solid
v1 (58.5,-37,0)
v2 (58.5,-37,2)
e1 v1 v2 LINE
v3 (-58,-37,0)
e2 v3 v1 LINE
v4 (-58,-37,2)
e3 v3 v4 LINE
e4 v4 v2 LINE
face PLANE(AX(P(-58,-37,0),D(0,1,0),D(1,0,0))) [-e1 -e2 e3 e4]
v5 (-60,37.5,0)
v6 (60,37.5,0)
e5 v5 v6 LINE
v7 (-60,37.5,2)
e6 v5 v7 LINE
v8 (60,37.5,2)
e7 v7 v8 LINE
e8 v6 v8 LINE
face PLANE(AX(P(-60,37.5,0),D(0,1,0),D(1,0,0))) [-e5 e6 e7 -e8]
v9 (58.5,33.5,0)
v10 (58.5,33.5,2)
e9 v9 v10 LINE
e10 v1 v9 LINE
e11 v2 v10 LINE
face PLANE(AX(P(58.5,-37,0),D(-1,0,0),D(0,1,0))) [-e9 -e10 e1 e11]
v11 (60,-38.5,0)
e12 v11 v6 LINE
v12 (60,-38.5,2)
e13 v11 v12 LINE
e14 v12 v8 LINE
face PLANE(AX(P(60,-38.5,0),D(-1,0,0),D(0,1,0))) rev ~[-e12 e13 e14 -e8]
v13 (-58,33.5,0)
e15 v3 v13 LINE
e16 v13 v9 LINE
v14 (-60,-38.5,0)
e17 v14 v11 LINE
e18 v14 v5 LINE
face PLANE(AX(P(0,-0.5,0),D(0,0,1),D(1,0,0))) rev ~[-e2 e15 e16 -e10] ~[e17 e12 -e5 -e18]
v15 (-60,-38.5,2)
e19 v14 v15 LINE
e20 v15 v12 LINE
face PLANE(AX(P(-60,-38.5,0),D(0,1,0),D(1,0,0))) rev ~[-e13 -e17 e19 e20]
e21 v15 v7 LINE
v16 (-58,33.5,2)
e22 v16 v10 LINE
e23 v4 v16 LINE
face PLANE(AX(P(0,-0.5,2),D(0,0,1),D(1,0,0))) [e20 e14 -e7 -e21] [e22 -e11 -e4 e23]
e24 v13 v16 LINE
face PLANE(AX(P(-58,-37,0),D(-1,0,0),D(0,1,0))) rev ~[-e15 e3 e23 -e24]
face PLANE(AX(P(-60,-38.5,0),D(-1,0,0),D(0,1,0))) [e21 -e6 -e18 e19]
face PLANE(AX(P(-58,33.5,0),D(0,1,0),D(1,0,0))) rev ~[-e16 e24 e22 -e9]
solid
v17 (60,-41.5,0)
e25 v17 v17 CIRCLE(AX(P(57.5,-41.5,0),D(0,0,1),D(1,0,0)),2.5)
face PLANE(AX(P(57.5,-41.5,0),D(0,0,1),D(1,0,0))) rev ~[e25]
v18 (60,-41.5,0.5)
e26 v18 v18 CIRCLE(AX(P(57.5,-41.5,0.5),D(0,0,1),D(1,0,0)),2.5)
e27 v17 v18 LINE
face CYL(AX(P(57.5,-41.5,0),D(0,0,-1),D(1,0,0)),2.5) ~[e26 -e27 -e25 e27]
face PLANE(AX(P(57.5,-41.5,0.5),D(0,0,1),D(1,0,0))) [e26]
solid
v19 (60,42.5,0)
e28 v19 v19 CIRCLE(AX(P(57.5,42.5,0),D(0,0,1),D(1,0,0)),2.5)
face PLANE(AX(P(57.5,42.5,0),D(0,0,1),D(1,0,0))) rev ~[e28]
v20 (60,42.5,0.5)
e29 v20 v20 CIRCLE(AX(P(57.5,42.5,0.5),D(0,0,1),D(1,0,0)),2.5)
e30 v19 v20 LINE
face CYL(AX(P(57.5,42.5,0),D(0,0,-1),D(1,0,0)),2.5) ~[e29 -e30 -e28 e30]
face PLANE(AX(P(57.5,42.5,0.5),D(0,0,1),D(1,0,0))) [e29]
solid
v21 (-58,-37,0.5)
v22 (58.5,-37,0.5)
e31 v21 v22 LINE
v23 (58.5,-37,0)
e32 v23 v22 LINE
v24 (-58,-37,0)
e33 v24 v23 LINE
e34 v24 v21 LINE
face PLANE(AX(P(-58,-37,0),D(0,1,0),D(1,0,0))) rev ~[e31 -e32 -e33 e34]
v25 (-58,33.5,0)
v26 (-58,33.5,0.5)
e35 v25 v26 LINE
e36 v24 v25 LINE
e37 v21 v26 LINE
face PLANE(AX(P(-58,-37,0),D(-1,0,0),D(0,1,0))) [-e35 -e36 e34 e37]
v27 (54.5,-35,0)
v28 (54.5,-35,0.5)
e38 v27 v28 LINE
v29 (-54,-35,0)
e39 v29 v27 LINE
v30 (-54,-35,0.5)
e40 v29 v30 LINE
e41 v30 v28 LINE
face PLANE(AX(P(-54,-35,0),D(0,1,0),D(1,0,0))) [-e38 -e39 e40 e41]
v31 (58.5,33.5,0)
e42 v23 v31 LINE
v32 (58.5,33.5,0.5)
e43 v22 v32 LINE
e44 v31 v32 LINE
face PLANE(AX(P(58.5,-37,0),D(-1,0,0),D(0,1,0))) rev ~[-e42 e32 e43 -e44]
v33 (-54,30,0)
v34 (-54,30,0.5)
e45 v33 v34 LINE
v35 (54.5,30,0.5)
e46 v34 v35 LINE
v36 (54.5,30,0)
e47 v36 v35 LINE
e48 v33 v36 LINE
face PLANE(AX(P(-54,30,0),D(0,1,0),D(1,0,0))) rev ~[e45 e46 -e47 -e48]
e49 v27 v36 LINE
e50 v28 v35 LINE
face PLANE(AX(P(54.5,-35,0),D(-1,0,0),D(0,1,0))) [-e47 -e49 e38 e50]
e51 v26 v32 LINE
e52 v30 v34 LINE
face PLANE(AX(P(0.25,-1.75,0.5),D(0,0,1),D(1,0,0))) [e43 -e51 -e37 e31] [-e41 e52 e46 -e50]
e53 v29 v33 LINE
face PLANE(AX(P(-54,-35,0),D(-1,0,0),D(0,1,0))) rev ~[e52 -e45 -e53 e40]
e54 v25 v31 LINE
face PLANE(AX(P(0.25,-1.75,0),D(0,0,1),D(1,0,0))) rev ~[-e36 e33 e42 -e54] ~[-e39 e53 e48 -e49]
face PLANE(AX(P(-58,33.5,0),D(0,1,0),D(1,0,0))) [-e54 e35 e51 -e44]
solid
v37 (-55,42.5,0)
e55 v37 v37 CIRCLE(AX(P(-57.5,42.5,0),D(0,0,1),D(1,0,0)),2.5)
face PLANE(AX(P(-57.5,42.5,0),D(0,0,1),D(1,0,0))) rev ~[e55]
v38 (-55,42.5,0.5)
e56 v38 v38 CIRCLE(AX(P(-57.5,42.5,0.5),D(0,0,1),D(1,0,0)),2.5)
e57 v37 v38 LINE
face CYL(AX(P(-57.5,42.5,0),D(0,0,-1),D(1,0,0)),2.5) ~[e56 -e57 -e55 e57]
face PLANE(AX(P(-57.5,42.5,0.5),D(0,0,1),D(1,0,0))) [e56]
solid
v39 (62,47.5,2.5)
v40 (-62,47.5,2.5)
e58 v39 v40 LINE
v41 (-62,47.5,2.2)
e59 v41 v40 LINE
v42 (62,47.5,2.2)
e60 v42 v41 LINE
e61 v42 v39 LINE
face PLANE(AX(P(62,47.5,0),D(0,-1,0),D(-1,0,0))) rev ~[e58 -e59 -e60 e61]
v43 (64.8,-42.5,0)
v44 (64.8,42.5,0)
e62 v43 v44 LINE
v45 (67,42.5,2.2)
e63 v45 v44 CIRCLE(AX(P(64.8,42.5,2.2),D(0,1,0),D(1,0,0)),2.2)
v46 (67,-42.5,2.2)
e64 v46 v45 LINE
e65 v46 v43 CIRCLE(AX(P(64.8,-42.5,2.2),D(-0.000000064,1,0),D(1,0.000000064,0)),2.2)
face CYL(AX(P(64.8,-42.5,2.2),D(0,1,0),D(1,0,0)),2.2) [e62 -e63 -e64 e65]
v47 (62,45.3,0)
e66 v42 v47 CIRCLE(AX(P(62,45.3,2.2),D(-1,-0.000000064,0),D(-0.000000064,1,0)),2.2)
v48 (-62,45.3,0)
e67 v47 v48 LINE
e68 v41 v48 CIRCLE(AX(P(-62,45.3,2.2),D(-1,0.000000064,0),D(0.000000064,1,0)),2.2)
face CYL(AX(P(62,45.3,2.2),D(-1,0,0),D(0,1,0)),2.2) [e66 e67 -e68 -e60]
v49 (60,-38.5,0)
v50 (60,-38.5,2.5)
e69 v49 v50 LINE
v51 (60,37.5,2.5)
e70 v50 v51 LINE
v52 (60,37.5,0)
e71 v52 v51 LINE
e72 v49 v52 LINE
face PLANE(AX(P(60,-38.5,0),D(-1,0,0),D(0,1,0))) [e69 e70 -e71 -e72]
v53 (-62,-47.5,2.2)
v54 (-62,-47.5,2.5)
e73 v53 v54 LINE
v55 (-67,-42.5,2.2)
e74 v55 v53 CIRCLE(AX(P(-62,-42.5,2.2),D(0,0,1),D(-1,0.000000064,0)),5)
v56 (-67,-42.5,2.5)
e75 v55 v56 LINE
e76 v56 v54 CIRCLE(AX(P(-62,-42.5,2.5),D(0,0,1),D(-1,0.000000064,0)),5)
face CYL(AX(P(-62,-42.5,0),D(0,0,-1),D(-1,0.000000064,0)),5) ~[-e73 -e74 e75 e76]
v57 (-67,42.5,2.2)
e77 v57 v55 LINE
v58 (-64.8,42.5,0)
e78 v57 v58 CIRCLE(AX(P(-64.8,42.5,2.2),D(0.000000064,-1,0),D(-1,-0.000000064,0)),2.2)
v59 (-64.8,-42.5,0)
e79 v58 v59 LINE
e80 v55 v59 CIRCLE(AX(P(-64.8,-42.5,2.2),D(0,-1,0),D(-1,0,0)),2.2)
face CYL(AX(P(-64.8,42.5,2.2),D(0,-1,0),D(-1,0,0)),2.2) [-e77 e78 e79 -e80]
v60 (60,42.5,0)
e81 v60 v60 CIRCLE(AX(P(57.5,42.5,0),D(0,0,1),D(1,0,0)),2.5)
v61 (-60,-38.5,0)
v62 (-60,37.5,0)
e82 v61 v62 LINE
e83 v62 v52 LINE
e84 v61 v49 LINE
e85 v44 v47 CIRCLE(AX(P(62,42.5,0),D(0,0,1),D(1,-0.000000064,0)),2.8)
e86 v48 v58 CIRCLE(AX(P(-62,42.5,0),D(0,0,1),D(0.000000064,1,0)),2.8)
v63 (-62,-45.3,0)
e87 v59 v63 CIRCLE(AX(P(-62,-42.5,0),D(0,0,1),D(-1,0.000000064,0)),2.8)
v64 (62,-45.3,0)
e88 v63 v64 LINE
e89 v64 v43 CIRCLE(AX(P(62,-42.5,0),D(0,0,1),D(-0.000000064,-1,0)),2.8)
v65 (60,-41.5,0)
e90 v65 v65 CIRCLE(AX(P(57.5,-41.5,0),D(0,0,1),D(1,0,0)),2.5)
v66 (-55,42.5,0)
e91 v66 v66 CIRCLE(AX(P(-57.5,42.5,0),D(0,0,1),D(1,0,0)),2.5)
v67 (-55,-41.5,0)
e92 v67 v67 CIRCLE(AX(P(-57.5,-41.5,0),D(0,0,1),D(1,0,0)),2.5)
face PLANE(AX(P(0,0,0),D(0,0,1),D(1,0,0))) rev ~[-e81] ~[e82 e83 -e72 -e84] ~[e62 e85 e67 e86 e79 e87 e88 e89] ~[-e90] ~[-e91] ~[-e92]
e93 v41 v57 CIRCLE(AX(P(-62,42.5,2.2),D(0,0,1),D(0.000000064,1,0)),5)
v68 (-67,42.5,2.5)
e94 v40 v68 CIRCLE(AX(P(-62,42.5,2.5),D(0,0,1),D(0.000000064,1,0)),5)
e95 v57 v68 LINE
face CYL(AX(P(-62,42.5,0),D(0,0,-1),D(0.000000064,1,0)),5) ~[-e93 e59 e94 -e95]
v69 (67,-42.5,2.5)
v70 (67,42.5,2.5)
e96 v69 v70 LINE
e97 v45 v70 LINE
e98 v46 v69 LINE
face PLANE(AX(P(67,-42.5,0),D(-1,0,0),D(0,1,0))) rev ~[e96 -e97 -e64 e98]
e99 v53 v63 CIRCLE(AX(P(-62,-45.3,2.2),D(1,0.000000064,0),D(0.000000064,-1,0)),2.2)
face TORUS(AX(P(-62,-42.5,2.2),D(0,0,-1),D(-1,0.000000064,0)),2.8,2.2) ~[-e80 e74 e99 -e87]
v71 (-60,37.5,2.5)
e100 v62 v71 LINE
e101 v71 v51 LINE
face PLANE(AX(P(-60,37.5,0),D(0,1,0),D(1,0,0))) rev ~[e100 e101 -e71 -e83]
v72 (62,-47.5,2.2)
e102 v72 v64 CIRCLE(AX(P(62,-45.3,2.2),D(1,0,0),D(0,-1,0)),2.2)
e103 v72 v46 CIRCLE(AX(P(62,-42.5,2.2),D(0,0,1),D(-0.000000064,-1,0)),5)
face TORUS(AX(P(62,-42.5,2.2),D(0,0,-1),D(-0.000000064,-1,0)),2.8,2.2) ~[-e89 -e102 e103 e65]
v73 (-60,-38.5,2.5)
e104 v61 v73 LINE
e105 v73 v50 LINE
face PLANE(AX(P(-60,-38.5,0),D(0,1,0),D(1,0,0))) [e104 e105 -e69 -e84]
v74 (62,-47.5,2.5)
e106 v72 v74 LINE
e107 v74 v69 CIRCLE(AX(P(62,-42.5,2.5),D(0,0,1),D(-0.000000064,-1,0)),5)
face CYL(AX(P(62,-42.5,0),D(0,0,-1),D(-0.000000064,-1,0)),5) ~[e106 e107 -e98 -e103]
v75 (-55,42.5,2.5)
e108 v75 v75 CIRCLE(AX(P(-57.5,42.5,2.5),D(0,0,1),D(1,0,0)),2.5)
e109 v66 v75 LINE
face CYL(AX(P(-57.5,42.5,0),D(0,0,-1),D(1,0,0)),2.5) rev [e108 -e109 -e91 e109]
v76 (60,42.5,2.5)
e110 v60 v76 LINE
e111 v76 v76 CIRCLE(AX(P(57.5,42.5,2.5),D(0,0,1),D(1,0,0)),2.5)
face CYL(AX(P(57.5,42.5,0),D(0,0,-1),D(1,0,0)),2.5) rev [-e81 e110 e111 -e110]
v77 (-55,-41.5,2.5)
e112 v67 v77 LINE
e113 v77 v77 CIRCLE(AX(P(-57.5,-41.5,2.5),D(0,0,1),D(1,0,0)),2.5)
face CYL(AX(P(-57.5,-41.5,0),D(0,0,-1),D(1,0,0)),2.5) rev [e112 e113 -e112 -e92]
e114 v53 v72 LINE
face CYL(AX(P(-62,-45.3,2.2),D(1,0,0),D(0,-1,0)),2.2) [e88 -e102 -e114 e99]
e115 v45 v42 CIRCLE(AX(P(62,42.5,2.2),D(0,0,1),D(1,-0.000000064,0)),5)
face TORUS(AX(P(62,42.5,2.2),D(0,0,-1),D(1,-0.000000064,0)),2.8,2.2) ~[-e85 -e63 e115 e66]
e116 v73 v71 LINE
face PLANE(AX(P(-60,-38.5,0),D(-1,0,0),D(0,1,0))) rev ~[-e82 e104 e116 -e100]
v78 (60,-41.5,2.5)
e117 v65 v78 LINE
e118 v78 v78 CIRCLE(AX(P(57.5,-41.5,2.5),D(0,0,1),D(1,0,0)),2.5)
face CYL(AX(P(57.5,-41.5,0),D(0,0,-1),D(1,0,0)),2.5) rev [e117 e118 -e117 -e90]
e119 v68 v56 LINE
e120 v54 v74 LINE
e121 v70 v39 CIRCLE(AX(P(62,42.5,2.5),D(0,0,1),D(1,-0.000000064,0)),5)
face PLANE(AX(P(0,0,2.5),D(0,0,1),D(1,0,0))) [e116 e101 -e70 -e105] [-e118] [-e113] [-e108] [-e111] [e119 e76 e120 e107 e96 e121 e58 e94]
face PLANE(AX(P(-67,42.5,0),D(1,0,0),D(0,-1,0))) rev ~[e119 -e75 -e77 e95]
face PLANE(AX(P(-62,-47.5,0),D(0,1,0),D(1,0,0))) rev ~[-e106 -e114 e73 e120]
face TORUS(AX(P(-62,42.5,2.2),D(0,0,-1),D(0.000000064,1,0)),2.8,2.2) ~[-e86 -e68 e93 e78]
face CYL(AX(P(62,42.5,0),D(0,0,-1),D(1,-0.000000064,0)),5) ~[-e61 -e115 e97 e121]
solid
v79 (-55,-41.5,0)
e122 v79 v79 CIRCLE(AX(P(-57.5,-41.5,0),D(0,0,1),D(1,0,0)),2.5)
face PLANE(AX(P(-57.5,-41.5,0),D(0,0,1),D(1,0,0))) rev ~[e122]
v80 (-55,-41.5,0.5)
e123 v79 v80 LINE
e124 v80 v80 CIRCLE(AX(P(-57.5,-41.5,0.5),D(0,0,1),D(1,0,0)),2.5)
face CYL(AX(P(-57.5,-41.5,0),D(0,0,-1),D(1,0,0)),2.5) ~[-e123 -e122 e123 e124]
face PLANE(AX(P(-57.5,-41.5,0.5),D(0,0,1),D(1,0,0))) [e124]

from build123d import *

# Parameters (mm, degrees)
F0_R     = 2.5
F0_W     = 120
F0_H     = 76
F1_DEPTH = 2.5
F0_W_2   = 116.5
F0_H_2   = 70.5
F0_W_3   = 108.5
F0_H_3   = 65
F2_DEPTH = 0.5
F3_DEPTH = 2
F4_R     = 2.2


with BuildPart() as f1:
    # F0 (on Top) → F1 (new body)
    with BuildSketch(Plane.XY):
        with BuildLine():
            Line((62, 47.5), (-62, 47.5))
            ThreePointArc((-62, 47.5), (-65.535534, 46.035534), (-67, 42.5))
            Line((-67, 42.5), (-67, -42.5))
            ThreePointArc((-67, -42.5), (-65.535534, -46.035534), (-62, -47.5))
            Line((-62, -47.5), (62, -47.5))
            ThreePointArc((62, -47.5), (65.535534, -46.035534), (67, -42.5))
            Line((67, -42.5), (67, 42.5))
            ThreePointArc((67, 42.5), (65.535534, 46.035534), (62, 47.5))
        make_face()
        with Locations((-57.5, -41.5)):
            Circle(F0_R, mode=Mode.SUBTRACT)
        with Locations((57.5, -41.5)):
            Circle(F0_R, mode=Mode.SUBTRACT)
        with Locations((0, -0.5)):
            Rectangle(F0_W, F0_H, mode=Mode.SUBTRACT)
        with Locations((-57.5, 42.5)):
            Circle(F0_R, mode=Mode.SUBTRACT)
        with Locations((57.5, 42.5)):
            Circle(F0_R, mode=Mode.SUBTRACT)
    extrude(amount=F1_DEPTH)

    # F4
    f4_edges = [f1.edges().sort_by_distance(p)[0] for p in [
        (-65.535534, 46.035534, 0),
    ]]
    fillet(f4_edges, radius=F4_R)


with BuildPart() as f2:
    # F0 (on Top) → F2 (new body)
    with BuildSketch(Plane.XY):
        with Locations((0.25, -1.75)):
            Rectangle(F0_W_2, F0_H_2)
        with Locations((0.25, -2.5)):
            Rectangle(F0_W_3, F0_H_3, mode=Mode.SUBTRACT)
        with Locations((57.5, 42.5)):
            Circle(F0_R)
        with Locations((57.5, -41.5)):
            Circle(F0_R)
        with Locations((-57.5, -41.5)):
            Circle(F0_R)
        with Locations((-57.5, 42.5)):
            Circle(F0_R)
    extrude(amount=F2_DEPTH)


with BuildPart() as f3:
    # F0 (on Top) → F3 (new body)
    with BuildSketch(Plane.XY):
        with Locations((0, -0.5)):
            Rectangle(F0_W, F0_H)
        with Locations((0.25, -1.75)):
            Rectangle(F0_W_2, F0_H_2, mode=Mode.SUBTRACT)
    extrude(amount=F3_DEPTH)


solid = Compound([f1.part, f2.part, f3.part])
